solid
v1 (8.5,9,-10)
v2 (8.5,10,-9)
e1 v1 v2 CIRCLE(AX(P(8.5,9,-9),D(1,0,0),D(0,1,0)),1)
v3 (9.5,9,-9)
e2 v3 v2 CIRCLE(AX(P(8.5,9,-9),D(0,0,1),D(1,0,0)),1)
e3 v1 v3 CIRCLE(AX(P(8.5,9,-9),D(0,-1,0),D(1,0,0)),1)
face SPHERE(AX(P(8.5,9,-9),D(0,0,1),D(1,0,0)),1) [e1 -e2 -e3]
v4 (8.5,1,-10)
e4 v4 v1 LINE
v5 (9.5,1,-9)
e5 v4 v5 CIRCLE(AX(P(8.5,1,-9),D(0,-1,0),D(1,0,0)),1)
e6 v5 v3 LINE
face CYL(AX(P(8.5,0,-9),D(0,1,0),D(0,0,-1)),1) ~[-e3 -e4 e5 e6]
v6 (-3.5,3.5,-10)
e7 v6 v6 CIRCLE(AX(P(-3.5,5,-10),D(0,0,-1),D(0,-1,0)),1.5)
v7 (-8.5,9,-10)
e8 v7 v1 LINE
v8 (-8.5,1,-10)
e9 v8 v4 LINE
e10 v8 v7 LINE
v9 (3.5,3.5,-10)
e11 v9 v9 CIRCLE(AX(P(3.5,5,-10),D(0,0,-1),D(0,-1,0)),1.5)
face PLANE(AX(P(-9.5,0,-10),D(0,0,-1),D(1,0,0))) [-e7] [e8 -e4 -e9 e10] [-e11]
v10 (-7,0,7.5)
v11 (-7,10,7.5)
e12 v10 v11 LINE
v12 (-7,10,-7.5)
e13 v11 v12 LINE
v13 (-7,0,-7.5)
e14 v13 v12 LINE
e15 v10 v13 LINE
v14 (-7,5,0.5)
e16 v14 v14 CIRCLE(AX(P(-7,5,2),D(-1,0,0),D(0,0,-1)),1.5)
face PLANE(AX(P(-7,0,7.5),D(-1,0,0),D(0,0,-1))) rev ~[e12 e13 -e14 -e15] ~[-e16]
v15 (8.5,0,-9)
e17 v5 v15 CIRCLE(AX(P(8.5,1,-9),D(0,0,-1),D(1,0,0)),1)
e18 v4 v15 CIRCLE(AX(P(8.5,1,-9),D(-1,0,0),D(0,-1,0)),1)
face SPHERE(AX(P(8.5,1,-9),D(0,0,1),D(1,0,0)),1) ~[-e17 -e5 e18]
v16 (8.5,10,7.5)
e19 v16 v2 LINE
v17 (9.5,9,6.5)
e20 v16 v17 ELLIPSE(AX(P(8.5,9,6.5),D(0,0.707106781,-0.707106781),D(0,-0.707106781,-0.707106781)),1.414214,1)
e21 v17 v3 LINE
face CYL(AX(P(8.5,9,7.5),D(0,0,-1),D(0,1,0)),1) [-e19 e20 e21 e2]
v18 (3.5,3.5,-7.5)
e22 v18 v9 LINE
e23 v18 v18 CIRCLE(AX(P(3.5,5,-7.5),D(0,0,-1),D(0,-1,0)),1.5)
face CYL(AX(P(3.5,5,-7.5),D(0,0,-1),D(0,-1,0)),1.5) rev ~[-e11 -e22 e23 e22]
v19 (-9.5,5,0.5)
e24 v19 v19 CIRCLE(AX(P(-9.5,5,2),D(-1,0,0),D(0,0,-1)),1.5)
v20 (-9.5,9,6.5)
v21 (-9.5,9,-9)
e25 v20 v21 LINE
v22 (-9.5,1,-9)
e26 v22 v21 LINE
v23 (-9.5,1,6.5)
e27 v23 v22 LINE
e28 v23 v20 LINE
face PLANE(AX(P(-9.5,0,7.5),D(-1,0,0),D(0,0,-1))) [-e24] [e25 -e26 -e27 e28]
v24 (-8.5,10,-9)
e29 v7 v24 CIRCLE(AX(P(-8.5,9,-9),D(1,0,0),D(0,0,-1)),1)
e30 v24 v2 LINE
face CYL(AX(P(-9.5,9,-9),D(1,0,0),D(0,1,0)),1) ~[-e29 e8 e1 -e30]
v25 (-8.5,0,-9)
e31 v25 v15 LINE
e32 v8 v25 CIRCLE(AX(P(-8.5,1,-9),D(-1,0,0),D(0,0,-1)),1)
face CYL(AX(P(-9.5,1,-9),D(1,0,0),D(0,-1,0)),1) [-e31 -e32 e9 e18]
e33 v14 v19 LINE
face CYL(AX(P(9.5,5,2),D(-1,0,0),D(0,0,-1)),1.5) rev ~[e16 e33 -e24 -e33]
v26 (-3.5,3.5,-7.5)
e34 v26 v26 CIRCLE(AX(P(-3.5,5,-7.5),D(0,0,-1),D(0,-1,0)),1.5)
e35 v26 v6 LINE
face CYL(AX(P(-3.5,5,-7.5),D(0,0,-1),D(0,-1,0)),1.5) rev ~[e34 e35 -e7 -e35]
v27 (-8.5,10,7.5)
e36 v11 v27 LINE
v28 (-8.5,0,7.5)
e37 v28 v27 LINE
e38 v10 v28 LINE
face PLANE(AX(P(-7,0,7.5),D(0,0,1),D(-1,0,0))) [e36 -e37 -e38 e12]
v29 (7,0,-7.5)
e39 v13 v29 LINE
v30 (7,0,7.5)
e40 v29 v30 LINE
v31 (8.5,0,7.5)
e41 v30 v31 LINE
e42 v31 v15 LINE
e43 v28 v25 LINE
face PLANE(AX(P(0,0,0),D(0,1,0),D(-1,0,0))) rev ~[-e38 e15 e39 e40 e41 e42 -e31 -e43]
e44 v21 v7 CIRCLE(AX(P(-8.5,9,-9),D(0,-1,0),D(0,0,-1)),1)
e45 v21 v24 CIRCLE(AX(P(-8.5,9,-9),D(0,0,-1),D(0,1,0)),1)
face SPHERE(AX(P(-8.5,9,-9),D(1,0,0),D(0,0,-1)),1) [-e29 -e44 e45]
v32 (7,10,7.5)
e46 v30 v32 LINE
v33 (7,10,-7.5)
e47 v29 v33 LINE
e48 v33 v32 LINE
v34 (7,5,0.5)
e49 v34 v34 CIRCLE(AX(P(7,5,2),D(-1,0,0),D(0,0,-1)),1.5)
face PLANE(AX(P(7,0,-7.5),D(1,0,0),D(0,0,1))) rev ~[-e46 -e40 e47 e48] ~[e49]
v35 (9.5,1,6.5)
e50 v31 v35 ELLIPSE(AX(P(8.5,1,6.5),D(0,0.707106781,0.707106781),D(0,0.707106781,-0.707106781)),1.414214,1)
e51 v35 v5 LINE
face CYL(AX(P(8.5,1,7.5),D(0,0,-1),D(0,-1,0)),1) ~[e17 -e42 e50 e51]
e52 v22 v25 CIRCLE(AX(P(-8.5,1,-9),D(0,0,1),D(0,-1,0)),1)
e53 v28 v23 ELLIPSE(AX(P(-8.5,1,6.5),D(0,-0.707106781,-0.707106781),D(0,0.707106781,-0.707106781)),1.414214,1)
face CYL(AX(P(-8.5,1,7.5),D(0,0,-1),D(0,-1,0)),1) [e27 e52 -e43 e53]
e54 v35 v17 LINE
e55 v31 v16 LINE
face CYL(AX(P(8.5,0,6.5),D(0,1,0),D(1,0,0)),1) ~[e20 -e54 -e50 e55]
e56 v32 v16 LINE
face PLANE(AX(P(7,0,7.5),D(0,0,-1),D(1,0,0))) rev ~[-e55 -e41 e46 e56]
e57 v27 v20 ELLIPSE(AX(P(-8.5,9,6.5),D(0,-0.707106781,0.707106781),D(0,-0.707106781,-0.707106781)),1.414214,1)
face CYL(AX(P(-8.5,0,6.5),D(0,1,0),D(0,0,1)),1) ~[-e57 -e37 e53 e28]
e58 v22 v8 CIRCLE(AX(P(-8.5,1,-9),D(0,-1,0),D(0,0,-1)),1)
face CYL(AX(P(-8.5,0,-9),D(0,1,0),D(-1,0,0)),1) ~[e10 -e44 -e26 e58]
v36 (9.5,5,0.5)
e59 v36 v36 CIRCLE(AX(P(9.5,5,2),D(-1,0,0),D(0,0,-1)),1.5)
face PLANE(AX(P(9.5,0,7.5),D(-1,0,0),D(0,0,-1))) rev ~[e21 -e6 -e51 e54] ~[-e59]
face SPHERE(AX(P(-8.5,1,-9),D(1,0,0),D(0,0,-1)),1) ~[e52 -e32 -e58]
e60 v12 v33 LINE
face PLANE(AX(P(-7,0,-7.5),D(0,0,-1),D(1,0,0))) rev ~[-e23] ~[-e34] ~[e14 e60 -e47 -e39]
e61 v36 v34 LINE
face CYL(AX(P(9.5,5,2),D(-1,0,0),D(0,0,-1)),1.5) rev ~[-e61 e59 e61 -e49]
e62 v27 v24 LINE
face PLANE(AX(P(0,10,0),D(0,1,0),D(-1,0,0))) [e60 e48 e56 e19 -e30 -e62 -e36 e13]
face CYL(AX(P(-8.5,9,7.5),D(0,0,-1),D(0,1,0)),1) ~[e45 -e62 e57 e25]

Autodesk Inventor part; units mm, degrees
ref_plane "YZ Plane" through (0, 0, 0) normal (1, 0, 0) x (0, 1, 0)
ref_plane "XZ Plane" through (0, 0, 0) normal (0, 1, 0) x (-1, 0, 0)
ref_plane "XY Plane" through (0, 0, 0) normal (0, 0, 1) x (1, 0, 0)
sketch "Sketch1" plane through (0, 0, 0) normal (0, 1, 0) x (-1, 0, 0)
  line L0 (7, -7.5) -> (-7, -7.5)
  line L1 (-7, -7.5) -> (-7, 7.5)
  line L2 (7, 7.5) -> (7, -7.5)
  line L3 (9.5, -10) -> (-9.5, -10)
  line L4 (9.5, 7.5) -> (9.5, -10)
  line L5 (7, 7.5) -> (9.5, 7.5)
  line L6 (-7, 7.5) -> (-9.5, 7.5)
  line L7 (-9.5, 7.5) -> (-9.5, -10)
  point P0 (0, 0)
  point P1 (0, -7.5)
  point P2 (7, 0)
  point P3 (9.5, 0)
  point P4 (0, -10)
  point P5 (8.25, 7.5)
  point P6 (-8.25, 7.5)
  dimension "d0" = 14
  dimension "d1" = 15
  dimension "d2" = 19
  dimension "d4" = 2.5
extrude "Extrusion1" add sketch "Sketch1" along normal blind 10
sketch "Sketch2" plane through (-7, 0, -7.5) normal (0, 0, 1) x (1, 0, 0)
  point P0 (7, 0)
sketch "Sketch3" plane through (-7, 0, -7.5) normal (0, 0, 1) x (1, 0, 0)
  line L0 (0, 0) -> (14, 0) projected
  line L1 (14, 0) -> (14, 10) projected
  point P0 (7, 0)
  point P1 (10.5, 5)
  point P2 (3.5, 5)
  point P3 (7, 5)
  point P4 (7, 0)
  point P5 (14, 5)
  point P6 (7, 0)
  point P7 (7, 0)
  point P8 (14, 5)
  dimension "d7" = 7
  dimension "d8" = 3.5
  dimension "d9" = 3.5
hole "Hole1" at (-3.5, 5, -7.5) at (3.5, 5, -7.5) direction (0, 0, -1) diameter 3 depth 2.5
sketch "Sketch4" plane through (9.5, 0, 7.5) normal (1, 0, 0) x (0, 0, -1)
  line L0 (17.5, 0) -> (17.5, 10) projected
  point P0 (7.5, 0)
  point P1 (5.5, 5)
  point P2 (15, 10)
  point P3 (17.5, 5)
  dimension "d21" = 9.5
hole "Hole2" at (9.5, 5, 2) direction (-1, 0, 0) diameter 3 depth 19
fillet "Fillet1" radius 1 10 edges at (9.5, 10, -1.25) (9.5, 0, -1.25) (9.5, 5, 7.5) (9.5, 5, -10) (0, 10, -10) (0, 0, -10) (-9.5, 5, -10) (-9.5, 10, -1.25) (-9.5, 0, -1.25) (-9.5, 5, 7.5)
properties part number "Part_B6"
